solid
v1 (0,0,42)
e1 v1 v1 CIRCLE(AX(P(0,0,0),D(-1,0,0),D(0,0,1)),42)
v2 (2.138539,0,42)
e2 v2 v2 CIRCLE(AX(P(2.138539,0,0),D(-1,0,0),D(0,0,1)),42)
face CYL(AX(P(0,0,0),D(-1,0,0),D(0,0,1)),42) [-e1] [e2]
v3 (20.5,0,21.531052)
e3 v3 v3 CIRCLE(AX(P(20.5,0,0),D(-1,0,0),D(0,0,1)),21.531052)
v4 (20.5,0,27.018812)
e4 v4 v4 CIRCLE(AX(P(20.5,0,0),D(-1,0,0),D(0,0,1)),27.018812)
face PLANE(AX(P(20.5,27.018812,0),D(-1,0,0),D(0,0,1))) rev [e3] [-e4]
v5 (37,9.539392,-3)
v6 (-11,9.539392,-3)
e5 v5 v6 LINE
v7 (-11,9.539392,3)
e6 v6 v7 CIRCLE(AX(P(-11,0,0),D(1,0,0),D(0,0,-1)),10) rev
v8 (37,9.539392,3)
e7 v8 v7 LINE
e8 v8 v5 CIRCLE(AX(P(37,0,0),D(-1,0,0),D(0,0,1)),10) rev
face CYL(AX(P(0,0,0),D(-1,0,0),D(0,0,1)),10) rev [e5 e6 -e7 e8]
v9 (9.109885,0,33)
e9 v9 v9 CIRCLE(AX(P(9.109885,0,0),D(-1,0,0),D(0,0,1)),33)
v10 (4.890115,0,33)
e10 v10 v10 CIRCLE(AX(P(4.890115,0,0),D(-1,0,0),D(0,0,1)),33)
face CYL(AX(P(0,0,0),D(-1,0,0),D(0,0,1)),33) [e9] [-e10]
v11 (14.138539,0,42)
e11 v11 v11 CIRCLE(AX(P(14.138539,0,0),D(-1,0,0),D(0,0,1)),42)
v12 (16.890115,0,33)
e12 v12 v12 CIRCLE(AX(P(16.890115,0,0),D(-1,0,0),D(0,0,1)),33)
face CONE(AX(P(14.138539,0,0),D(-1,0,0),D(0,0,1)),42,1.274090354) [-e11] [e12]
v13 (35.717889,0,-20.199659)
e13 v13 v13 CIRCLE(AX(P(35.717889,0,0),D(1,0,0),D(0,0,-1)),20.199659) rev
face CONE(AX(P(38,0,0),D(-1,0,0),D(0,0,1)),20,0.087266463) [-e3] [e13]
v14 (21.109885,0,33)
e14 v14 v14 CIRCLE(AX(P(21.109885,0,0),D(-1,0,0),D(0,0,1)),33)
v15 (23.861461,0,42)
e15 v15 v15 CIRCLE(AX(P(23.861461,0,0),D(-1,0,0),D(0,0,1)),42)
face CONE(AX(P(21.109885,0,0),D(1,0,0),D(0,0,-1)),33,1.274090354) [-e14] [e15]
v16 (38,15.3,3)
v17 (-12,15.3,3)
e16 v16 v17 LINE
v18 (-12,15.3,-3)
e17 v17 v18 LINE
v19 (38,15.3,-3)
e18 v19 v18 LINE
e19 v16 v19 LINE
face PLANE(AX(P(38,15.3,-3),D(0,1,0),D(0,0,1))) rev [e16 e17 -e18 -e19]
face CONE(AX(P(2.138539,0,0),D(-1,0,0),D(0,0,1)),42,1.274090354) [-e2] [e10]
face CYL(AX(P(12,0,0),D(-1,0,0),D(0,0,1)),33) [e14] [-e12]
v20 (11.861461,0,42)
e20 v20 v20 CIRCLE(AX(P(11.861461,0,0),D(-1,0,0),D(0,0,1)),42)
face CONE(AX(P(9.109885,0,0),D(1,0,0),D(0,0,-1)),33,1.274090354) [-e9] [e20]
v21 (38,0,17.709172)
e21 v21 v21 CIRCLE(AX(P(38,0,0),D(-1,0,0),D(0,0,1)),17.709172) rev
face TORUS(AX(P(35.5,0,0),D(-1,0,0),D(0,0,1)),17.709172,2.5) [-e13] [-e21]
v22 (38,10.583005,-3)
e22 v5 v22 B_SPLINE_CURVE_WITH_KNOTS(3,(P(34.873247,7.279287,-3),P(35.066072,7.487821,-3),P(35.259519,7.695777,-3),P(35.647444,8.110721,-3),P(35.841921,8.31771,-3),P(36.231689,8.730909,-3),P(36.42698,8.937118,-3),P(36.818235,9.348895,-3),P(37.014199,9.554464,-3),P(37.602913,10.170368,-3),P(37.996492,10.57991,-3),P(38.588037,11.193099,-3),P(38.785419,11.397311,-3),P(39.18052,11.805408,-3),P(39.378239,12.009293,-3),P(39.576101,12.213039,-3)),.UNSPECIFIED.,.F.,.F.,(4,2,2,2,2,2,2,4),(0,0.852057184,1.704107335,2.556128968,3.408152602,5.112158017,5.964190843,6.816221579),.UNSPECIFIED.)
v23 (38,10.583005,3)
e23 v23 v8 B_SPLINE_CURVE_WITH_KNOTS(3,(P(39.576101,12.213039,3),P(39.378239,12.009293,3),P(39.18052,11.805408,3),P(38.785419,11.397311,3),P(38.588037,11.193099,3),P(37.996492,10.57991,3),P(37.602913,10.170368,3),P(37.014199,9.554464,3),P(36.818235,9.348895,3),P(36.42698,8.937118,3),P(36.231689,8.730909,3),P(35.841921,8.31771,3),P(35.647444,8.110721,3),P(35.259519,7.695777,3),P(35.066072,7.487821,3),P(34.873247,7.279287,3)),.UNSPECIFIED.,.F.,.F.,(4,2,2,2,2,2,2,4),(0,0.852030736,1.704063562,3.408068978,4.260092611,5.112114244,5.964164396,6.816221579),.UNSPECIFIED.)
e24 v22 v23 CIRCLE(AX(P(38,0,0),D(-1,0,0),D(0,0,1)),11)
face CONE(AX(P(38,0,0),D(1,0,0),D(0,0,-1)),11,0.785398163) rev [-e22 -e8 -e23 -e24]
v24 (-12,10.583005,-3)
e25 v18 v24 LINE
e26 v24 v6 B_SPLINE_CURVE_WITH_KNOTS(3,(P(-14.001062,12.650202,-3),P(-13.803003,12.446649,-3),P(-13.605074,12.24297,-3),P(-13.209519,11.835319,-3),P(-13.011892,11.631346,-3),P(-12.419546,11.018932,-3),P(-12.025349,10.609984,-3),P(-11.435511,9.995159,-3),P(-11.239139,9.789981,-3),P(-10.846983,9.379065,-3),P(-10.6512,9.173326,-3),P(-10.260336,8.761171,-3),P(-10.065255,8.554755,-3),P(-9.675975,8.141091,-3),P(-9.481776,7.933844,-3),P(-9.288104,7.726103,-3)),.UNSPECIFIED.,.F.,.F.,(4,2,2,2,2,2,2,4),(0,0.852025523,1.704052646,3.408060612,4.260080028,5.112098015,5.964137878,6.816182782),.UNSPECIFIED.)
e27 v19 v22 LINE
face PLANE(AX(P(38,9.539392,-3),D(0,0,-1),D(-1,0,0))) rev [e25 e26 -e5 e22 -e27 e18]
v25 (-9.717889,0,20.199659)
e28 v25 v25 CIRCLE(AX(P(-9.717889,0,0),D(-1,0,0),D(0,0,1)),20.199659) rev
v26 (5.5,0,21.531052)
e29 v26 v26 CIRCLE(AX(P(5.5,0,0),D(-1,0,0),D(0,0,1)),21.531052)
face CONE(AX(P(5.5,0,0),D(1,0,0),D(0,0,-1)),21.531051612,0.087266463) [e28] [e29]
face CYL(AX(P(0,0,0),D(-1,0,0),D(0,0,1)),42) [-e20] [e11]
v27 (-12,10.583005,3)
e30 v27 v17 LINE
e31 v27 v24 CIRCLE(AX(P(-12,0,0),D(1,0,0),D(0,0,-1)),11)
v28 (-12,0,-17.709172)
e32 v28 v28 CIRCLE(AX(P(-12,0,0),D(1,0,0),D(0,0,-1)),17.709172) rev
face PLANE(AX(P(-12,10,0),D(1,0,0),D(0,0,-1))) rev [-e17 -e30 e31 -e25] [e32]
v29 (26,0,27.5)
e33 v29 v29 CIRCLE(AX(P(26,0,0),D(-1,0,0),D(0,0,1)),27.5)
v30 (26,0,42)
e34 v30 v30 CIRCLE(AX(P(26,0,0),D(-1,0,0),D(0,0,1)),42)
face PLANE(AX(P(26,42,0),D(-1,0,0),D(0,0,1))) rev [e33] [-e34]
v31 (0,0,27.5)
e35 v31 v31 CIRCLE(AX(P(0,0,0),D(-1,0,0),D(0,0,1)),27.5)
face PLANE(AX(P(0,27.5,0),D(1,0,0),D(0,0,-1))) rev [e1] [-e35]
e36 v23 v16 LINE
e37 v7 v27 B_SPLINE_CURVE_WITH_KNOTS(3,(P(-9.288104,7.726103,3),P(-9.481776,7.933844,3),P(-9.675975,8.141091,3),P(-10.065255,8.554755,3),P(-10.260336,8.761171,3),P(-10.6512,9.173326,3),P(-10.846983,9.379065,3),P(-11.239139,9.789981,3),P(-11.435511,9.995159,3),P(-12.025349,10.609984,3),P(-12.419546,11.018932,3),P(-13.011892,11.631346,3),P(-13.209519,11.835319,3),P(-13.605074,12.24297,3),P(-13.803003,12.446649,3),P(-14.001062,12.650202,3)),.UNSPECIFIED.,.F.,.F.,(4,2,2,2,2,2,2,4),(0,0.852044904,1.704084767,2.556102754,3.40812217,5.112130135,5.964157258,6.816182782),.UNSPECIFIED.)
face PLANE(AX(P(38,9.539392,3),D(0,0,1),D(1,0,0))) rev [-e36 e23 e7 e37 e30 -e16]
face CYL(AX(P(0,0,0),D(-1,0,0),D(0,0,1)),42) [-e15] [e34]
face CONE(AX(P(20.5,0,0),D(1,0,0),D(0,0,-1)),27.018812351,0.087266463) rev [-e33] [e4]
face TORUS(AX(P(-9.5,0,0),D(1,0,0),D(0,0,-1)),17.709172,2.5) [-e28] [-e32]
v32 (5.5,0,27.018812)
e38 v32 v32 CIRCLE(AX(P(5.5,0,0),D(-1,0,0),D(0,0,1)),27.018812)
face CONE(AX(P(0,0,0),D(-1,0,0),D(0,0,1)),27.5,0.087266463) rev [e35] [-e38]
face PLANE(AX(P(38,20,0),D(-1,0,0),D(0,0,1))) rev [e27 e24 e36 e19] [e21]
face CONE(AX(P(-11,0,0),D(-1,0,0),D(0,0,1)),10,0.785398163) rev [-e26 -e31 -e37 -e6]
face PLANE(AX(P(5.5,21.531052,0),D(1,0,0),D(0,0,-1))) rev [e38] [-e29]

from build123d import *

# Parameters (mm, degrees)
PATTERN_LINEAR_951_COUNT = 2
PATTERN_LINEAR_951_PITCH = 12
CHAMFER_1_SIZE           = 1
SKETCH_4_W               = 6
SKETCH_4_H               = 5.760607938
CUT_EXTRUDE_1_DEPTH      = 78.640195775
FILLET_2_R               = 2.5


with BuildPart() as part:
    # 草图1 → 旋转1 (revolve)
    with BuildSketch(Plane.XY, mode=Mode.PRIVATE) as revolve_1_sk:
        Polygon((-12, 10), (-12, 20), (5.5, 21.531051612), (5.5, 27.018812351), (0, 27.5), (0, 42), (26, 42), (26, 27.5), (20.5, 27.018812351), (20.5, 21.531051612), (38, 20), (38, 10), align=None)
    revolve(revolve_1_sk.sketch.rotate(Axis((0, 0, 0), (1, 0, 0)), 90), axis=Axis((0, 0, 0), (1, 0, 0)))

    # 草图2 → 切除-旋转1 (revolve, cut)
    with BuildSketch(Plane.XY, mode=Mode.PRIVATE) as cut_revolve_1_sk:
        Polygon((9.10988523, 33), (11.861461363, 42), (2.138538637, 42), (4.89011477, 33), align=None)
    cut_revolve_1 = revolve(cut_revolve_1_sk.sketch.rotate(Axis((0, 0, 0), (1, 0, 0)), 90), axis=Axis((0, 0, 0), (1, 0, 0)), mode=Mode.SUBTRACT)

    # Pattern Linear 951: 切除-旋转1 ×2
    with Locations(*[(i * PATTERN_LINEAR_951_PITCH, 0, 0) for i in range(1, PATTERN_LINEAR_951_COUNT)]):
        add(cut_revolve_1, mode=Mode.SUBTRACT)

    # 倒角1
    chamfer_1_edges = [part.edges().sort_by_distance(p)[0] for p in [
        (-12, 0, -10),
        (38, 0, -10),
    ]]
    chamfer(chamfer_1_edges, length=CHAMFER_1_SIZE)

    # 草图4 → 切除-拉伸1 (cut, through all)
    with BuildSketch(Plane.ZY.offset(12)):
        with Locations((0, 12.419695983)):
            Rectangle(SKETCH_4_W, SKETCH_4_H)
    extrude(amount=-CUT_EXTRUDE_1_DEPTH, mode=Mode.SUBTRACT)

    # 圆角2
    fillet_2_edges = [part.edges().sort_by_distance(p)[0] for p in [
        (-12, 0, -20),
        (38, 0, -20),
    ]]
    fillet(fillet_2_edges, radius=FILLET_2_R)


solid = part.part
